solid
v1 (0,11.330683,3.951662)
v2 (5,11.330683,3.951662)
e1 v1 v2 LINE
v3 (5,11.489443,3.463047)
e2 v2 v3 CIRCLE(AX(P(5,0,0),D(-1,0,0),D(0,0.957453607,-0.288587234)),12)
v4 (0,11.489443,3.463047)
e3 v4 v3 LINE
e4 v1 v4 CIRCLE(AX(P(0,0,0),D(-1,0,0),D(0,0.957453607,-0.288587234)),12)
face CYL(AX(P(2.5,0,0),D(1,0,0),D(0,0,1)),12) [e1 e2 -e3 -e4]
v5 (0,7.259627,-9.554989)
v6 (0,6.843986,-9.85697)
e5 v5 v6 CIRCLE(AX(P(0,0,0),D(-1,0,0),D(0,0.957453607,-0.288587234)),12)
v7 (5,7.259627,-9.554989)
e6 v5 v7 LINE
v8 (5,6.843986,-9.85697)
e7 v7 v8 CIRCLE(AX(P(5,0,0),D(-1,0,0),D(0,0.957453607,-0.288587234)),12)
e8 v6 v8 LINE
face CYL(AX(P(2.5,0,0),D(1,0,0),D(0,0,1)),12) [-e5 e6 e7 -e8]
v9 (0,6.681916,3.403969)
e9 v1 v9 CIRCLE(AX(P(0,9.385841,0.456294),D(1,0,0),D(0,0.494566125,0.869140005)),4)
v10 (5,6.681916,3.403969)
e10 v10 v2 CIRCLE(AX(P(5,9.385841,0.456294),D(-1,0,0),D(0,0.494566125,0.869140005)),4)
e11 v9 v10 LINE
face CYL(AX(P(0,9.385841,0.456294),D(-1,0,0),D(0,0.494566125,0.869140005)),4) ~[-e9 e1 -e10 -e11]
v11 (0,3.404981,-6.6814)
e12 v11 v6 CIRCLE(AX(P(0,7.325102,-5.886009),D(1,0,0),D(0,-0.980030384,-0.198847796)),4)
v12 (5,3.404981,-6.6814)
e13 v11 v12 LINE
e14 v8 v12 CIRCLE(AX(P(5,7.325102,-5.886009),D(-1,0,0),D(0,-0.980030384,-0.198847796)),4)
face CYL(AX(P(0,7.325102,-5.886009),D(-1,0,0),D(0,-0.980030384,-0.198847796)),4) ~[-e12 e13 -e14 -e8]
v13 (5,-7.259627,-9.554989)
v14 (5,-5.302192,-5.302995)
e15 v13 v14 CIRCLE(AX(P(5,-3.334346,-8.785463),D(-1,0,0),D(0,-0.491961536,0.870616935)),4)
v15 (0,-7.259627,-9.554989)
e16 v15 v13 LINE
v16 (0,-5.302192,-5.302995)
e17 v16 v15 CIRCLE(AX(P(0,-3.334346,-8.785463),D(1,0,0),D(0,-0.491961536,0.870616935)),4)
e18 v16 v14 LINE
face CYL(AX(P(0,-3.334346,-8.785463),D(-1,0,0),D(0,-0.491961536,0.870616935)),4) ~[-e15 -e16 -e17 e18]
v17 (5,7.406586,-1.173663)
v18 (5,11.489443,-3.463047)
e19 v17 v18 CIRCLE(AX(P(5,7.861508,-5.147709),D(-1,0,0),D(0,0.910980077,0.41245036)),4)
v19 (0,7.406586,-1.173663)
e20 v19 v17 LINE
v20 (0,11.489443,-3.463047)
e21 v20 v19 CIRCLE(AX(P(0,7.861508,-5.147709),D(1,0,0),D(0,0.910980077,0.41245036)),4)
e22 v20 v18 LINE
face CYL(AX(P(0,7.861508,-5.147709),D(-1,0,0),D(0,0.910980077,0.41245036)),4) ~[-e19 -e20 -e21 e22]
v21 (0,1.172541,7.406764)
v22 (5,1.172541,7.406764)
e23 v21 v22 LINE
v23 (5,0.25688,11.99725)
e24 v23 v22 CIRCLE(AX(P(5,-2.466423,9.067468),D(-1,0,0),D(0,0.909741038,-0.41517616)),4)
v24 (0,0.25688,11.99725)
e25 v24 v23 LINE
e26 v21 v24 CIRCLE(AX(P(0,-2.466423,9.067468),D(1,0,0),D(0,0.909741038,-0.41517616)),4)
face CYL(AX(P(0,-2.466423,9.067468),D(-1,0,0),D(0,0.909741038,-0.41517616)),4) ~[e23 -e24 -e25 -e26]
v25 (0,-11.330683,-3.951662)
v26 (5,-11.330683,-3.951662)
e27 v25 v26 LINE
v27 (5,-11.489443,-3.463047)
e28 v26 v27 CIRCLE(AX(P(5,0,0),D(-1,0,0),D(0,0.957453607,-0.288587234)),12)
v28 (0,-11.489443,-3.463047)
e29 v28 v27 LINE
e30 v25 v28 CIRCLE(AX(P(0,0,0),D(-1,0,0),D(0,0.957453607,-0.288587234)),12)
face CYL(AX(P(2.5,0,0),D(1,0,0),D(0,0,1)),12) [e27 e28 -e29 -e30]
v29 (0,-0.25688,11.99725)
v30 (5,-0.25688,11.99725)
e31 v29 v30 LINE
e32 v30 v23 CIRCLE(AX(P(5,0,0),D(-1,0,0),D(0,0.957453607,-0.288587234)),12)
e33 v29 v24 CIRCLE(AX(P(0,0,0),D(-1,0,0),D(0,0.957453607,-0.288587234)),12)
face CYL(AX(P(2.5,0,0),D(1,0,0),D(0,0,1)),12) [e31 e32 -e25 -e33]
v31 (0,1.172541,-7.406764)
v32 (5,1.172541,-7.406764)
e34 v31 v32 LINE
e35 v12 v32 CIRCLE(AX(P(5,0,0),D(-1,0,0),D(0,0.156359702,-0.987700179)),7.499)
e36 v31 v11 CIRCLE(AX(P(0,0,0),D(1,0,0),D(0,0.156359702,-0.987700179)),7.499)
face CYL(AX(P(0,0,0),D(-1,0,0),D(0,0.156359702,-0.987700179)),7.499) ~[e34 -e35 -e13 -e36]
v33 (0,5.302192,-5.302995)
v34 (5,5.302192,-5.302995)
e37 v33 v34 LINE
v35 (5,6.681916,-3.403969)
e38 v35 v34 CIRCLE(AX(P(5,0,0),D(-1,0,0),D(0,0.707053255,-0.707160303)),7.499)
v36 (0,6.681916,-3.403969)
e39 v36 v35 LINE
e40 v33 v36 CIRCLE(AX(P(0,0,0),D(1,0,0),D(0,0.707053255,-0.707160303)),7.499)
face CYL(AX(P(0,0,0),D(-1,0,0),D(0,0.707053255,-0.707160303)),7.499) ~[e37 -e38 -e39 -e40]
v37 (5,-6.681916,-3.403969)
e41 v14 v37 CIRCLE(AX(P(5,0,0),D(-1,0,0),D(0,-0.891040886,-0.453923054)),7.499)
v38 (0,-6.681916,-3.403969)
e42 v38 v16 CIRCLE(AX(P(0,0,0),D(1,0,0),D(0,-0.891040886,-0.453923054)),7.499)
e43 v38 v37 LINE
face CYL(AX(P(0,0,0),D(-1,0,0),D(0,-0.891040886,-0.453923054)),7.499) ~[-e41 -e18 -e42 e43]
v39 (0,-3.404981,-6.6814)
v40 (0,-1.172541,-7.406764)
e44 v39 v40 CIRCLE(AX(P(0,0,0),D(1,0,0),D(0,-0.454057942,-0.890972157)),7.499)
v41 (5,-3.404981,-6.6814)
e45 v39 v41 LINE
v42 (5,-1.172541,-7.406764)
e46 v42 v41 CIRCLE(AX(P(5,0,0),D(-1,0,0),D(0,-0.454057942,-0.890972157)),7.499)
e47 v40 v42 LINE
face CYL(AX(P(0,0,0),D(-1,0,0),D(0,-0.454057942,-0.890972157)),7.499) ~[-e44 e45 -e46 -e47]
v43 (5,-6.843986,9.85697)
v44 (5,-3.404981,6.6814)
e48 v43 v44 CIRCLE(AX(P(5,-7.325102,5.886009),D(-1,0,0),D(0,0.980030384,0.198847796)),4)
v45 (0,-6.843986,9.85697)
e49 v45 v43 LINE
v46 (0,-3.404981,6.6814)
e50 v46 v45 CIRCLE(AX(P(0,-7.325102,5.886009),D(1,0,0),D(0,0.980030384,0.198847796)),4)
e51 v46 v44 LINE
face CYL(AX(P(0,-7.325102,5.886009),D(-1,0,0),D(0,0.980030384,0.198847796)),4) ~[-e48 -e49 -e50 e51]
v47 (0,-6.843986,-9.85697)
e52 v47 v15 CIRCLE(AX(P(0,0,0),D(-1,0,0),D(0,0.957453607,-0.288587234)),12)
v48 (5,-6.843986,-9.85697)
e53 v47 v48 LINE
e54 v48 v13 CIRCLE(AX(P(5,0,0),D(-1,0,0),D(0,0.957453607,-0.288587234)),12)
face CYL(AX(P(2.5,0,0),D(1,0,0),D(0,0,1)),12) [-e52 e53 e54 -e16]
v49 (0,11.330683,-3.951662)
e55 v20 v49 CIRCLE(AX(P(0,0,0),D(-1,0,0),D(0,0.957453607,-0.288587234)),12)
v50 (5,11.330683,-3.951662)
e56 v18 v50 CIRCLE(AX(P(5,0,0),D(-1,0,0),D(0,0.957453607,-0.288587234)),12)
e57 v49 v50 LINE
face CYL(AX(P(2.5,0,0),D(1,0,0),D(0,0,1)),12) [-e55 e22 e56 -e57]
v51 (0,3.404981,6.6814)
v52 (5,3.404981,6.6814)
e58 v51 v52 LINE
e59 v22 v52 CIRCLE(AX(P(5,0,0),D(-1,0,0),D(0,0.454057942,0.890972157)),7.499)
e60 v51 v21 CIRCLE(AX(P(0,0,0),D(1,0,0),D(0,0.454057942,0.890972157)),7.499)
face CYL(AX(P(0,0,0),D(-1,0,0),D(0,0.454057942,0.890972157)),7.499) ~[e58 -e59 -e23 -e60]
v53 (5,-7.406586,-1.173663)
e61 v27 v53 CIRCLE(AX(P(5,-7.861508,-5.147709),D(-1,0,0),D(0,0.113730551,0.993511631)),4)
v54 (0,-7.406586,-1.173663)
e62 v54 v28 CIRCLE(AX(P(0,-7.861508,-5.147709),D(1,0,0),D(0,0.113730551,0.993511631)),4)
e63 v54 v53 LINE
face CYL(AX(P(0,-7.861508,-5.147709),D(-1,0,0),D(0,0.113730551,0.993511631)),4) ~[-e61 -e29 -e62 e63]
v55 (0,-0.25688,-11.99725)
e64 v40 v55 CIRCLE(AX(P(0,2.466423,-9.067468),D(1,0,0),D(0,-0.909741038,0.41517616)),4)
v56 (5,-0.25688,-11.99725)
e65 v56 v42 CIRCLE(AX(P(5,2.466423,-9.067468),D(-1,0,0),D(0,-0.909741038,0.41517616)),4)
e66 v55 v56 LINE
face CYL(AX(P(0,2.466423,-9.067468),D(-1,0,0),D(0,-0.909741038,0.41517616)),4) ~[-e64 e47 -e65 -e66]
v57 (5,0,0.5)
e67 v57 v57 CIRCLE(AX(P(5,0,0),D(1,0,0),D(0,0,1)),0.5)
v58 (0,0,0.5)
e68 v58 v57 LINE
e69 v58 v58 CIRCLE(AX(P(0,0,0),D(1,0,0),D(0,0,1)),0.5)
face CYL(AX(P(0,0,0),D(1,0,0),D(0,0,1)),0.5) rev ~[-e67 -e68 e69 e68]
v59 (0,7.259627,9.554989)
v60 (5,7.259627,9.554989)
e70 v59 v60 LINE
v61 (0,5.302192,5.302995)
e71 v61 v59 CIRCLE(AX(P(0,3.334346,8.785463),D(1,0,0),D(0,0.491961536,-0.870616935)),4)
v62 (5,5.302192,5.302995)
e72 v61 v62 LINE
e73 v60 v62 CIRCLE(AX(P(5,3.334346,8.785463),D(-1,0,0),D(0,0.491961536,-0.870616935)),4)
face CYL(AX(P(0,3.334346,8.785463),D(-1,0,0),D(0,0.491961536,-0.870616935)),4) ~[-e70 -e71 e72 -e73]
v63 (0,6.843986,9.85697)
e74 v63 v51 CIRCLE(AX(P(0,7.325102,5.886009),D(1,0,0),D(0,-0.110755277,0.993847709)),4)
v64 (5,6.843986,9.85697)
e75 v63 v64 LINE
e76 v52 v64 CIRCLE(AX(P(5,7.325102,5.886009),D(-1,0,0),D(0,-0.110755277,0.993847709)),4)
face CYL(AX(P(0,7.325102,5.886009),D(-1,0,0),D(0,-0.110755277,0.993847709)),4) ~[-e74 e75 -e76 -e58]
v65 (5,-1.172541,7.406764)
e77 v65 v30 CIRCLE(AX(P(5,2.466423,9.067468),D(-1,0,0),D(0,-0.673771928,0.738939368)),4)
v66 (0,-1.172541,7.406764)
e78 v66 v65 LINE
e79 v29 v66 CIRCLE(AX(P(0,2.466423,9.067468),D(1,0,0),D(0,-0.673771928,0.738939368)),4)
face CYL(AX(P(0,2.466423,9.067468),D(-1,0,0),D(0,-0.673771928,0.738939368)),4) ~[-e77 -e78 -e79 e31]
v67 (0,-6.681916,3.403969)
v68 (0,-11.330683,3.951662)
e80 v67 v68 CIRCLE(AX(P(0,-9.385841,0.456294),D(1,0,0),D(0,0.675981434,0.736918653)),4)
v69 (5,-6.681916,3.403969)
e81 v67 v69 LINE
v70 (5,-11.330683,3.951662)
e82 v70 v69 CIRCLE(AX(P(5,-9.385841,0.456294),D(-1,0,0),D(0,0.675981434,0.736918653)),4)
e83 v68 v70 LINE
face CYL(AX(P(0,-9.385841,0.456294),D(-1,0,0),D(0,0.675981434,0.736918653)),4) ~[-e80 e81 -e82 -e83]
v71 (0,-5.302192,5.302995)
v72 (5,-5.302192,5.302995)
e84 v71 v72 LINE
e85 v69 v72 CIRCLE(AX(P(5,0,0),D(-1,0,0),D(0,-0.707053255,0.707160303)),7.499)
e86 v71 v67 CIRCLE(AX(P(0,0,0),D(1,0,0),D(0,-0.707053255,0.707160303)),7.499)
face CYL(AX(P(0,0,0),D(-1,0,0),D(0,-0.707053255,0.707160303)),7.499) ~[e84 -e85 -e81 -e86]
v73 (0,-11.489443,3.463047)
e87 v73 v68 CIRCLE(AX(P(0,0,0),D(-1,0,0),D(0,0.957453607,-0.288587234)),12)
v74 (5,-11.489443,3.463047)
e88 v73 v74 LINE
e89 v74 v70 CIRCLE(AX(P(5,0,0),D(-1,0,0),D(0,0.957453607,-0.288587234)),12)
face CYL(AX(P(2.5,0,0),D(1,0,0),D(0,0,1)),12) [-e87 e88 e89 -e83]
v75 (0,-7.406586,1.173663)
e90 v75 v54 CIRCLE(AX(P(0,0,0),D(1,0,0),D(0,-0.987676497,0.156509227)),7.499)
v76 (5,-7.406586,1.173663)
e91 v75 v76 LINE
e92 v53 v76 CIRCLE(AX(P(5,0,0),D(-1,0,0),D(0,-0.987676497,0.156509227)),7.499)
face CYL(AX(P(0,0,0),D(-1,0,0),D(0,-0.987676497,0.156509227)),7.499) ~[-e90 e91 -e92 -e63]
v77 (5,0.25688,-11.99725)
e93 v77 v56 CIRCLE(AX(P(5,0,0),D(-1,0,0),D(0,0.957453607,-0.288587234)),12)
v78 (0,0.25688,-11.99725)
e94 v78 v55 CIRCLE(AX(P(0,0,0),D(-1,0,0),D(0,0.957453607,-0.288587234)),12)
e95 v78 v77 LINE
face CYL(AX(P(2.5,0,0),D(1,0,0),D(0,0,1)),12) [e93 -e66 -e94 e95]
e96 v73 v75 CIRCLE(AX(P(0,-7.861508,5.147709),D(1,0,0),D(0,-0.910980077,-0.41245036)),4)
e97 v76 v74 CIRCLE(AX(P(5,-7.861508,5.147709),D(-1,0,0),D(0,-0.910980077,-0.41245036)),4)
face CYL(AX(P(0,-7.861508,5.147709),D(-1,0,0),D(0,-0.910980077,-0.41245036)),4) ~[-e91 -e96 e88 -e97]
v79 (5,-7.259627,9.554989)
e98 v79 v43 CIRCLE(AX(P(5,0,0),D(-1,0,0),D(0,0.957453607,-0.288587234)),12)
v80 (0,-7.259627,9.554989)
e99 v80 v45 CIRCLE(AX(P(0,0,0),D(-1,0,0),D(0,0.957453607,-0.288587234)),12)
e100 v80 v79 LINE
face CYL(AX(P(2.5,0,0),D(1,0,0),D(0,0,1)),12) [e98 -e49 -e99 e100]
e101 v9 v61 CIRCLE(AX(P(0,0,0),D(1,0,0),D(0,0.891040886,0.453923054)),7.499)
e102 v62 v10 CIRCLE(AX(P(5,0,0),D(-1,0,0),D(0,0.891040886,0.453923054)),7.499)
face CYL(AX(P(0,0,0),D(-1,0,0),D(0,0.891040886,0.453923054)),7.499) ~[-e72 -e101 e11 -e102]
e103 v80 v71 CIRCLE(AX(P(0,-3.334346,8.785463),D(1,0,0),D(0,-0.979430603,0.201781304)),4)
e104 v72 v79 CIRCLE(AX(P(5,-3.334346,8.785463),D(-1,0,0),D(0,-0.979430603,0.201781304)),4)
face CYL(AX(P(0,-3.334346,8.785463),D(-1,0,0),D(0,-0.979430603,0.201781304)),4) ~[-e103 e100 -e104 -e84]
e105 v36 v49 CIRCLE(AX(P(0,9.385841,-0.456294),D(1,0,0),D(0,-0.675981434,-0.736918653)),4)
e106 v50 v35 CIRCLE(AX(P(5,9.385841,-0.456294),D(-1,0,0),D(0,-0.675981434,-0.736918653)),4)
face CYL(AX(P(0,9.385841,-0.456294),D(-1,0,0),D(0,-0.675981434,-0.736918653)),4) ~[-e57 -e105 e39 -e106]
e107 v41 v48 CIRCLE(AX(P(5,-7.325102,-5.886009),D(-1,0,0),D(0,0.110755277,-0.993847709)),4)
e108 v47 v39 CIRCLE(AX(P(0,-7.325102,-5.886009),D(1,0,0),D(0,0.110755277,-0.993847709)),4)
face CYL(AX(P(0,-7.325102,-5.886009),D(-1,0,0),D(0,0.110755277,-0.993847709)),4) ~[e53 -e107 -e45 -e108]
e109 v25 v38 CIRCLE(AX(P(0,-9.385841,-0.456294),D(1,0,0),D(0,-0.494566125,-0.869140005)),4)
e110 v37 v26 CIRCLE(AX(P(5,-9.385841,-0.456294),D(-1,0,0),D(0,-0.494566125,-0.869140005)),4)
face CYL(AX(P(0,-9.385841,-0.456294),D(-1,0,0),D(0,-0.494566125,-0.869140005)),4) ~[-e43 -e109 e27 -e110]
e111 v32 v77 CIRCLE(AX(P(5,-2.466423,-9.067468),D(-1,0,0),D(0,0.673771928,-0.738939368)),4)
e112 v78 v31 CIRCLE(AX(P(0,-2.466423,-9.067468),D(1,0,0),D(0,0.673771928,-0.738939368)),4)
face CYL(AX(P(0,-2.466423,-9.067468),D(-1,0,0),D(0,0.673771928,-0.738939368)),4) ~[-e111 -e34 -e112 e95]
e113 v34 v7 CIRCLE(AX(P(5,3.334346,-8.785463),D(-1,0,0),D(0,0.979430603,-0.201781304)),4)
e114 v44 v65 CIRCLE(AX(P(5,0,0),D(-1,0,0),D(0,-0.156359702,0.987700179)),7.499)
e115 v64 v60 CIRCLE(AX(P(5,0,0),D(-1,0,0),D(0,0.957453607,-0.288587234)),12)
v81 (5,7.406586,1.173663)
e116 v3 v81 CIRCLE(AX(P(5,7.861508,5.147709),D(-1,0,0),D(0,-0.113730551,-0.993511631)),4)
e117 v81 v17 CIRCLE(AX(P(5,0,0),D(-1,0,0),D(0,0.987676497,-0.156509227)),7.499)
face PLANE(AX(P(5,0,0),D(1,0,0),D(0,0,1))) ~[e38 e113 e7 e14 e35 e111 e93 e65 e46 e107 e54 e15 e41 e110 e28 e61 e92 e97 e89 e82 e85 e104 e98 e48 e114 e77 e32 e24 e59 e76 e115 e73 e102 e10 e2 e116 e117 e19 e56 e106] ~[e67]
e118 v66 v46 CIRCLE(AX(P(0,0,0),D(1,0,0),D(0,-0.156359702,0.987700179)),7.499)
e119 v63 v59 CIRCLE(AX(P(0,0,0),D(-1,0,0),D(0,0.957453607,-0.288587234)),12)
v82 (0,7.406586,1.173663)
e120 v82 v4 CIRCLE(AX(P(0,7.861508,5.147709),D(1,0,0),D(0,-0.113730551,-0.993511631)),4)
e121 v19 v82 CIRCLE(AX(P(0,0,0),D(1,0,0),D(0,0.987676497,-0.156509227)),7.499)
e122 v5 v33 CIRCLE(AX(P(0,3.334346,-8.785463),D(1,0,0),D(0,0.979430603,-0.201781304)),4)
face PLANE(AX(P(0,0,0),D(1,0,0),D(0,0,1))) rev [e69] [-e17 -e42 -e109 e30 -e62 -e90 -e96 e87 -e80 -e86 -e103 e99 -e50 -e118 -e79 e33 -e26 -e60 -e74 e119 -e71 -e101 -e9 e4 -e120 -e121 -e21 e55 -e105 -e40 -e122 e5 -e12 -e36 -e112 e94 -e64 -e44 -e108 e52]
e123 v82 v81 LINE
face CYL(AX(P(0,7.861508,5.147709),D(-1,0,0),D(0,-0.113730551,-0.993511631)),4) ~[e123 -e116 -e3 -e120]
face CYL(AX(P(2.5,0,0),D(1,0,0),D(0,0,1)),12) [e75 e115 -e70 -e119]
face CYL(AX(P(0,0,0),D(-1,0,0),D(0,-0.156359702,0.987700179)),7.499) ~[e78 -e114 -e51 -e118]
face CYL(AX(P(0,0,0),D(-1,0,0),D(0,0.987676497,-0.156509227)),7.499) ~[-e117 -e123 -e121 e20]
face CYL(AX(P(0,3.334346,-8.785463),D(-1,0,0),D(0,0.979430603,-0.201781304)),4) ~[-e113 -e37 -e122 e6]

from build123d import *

# Parameters (mm, degrees)
BASPROSKE_W     = 5
BASPROSKE_H     = 12
TOOTHCUT_DEPTH  = 18.691806013
TEETHCUTS_COUNT = 10
TEETHCUTS_ANGLE = 324
BORSKE_R        = 0.5
BORE_DEPTH      = 50.0000508


with BuildPart() as part:
    # BasProSke → Base-Revolve (revolve)
    with BuildSketch(Plane(origin=(0, 0, 0), x_dir=(1, 0, 0), z_dir=(0, 1, 0)), mode=Mode.PRIVATE) as base_revolve_sk:
        with Locations((2.5, 6)):
            Rectangle(BASPROSKE_W, BASPROSKE_H)
    revolve(base_revolve_sk.sketch.rotate(Axis((-10, 0, 0), (1, 0, 0)), 180), axis=Axis((-10, 0, 0), (1, 0, 0)))

    # TooCutSke → ToothCut (cut, through all)
    with BuildSketch(Plane(origin=(0, 0, 0), x_dir=(0, 0, -1), z_dir=(1, 0, 0))):
        with BuildLine():
            ThreePointArc((1.173662691, 7.406586048), (0, 7.499), (-1.173662691, 7.406586048))
            ThreePointArc((-1.173662691, 7.406586048), (-1.668191438, 9.834565786), (-3.497907776, 11.50542856))
            ThreePointArc((-3.497907776, 11.50542856), (0, 12.0254), (3.497907776, 11.50542856))
            ThreePointArc((3.497907776, 11.50542856), (1.668191438, 9.834565786), (1.173662691, 7.406586048))
        make_face()
    toothcut = extrude(amount=TOOTHCUT_DEPTH, mode=Mode.SUBTRACT)

    # TeethCuts: ToothCut ×10 about axis
    teethcuts_axis = Axis((-10, 0, 0), (1, 0, 0))
    for i in range(1, TEETHCUTS_COUNT):
        add(toothcut.rotate(teethcuts_axis, i * TEETHCUTS_ANGLE / (TEETHCUTS_COUNT - 1)), mode=Mode.SUBTRACT)

    # BorSke → Bore (cut, symmetric)
    with BuildSketch(Plane(origin=(0, 0, 0), x_dir=(0, 0, -1), z_dir=(1, 0, 0))):
        with Locations(Location((0, 0, 0), (0, 0, 180))):
            Circle(BORSKE_R)
    extrude(amount=BORE_DEPTH, both=True, mode=Mode.SUBTRACT)


solid = part.part
